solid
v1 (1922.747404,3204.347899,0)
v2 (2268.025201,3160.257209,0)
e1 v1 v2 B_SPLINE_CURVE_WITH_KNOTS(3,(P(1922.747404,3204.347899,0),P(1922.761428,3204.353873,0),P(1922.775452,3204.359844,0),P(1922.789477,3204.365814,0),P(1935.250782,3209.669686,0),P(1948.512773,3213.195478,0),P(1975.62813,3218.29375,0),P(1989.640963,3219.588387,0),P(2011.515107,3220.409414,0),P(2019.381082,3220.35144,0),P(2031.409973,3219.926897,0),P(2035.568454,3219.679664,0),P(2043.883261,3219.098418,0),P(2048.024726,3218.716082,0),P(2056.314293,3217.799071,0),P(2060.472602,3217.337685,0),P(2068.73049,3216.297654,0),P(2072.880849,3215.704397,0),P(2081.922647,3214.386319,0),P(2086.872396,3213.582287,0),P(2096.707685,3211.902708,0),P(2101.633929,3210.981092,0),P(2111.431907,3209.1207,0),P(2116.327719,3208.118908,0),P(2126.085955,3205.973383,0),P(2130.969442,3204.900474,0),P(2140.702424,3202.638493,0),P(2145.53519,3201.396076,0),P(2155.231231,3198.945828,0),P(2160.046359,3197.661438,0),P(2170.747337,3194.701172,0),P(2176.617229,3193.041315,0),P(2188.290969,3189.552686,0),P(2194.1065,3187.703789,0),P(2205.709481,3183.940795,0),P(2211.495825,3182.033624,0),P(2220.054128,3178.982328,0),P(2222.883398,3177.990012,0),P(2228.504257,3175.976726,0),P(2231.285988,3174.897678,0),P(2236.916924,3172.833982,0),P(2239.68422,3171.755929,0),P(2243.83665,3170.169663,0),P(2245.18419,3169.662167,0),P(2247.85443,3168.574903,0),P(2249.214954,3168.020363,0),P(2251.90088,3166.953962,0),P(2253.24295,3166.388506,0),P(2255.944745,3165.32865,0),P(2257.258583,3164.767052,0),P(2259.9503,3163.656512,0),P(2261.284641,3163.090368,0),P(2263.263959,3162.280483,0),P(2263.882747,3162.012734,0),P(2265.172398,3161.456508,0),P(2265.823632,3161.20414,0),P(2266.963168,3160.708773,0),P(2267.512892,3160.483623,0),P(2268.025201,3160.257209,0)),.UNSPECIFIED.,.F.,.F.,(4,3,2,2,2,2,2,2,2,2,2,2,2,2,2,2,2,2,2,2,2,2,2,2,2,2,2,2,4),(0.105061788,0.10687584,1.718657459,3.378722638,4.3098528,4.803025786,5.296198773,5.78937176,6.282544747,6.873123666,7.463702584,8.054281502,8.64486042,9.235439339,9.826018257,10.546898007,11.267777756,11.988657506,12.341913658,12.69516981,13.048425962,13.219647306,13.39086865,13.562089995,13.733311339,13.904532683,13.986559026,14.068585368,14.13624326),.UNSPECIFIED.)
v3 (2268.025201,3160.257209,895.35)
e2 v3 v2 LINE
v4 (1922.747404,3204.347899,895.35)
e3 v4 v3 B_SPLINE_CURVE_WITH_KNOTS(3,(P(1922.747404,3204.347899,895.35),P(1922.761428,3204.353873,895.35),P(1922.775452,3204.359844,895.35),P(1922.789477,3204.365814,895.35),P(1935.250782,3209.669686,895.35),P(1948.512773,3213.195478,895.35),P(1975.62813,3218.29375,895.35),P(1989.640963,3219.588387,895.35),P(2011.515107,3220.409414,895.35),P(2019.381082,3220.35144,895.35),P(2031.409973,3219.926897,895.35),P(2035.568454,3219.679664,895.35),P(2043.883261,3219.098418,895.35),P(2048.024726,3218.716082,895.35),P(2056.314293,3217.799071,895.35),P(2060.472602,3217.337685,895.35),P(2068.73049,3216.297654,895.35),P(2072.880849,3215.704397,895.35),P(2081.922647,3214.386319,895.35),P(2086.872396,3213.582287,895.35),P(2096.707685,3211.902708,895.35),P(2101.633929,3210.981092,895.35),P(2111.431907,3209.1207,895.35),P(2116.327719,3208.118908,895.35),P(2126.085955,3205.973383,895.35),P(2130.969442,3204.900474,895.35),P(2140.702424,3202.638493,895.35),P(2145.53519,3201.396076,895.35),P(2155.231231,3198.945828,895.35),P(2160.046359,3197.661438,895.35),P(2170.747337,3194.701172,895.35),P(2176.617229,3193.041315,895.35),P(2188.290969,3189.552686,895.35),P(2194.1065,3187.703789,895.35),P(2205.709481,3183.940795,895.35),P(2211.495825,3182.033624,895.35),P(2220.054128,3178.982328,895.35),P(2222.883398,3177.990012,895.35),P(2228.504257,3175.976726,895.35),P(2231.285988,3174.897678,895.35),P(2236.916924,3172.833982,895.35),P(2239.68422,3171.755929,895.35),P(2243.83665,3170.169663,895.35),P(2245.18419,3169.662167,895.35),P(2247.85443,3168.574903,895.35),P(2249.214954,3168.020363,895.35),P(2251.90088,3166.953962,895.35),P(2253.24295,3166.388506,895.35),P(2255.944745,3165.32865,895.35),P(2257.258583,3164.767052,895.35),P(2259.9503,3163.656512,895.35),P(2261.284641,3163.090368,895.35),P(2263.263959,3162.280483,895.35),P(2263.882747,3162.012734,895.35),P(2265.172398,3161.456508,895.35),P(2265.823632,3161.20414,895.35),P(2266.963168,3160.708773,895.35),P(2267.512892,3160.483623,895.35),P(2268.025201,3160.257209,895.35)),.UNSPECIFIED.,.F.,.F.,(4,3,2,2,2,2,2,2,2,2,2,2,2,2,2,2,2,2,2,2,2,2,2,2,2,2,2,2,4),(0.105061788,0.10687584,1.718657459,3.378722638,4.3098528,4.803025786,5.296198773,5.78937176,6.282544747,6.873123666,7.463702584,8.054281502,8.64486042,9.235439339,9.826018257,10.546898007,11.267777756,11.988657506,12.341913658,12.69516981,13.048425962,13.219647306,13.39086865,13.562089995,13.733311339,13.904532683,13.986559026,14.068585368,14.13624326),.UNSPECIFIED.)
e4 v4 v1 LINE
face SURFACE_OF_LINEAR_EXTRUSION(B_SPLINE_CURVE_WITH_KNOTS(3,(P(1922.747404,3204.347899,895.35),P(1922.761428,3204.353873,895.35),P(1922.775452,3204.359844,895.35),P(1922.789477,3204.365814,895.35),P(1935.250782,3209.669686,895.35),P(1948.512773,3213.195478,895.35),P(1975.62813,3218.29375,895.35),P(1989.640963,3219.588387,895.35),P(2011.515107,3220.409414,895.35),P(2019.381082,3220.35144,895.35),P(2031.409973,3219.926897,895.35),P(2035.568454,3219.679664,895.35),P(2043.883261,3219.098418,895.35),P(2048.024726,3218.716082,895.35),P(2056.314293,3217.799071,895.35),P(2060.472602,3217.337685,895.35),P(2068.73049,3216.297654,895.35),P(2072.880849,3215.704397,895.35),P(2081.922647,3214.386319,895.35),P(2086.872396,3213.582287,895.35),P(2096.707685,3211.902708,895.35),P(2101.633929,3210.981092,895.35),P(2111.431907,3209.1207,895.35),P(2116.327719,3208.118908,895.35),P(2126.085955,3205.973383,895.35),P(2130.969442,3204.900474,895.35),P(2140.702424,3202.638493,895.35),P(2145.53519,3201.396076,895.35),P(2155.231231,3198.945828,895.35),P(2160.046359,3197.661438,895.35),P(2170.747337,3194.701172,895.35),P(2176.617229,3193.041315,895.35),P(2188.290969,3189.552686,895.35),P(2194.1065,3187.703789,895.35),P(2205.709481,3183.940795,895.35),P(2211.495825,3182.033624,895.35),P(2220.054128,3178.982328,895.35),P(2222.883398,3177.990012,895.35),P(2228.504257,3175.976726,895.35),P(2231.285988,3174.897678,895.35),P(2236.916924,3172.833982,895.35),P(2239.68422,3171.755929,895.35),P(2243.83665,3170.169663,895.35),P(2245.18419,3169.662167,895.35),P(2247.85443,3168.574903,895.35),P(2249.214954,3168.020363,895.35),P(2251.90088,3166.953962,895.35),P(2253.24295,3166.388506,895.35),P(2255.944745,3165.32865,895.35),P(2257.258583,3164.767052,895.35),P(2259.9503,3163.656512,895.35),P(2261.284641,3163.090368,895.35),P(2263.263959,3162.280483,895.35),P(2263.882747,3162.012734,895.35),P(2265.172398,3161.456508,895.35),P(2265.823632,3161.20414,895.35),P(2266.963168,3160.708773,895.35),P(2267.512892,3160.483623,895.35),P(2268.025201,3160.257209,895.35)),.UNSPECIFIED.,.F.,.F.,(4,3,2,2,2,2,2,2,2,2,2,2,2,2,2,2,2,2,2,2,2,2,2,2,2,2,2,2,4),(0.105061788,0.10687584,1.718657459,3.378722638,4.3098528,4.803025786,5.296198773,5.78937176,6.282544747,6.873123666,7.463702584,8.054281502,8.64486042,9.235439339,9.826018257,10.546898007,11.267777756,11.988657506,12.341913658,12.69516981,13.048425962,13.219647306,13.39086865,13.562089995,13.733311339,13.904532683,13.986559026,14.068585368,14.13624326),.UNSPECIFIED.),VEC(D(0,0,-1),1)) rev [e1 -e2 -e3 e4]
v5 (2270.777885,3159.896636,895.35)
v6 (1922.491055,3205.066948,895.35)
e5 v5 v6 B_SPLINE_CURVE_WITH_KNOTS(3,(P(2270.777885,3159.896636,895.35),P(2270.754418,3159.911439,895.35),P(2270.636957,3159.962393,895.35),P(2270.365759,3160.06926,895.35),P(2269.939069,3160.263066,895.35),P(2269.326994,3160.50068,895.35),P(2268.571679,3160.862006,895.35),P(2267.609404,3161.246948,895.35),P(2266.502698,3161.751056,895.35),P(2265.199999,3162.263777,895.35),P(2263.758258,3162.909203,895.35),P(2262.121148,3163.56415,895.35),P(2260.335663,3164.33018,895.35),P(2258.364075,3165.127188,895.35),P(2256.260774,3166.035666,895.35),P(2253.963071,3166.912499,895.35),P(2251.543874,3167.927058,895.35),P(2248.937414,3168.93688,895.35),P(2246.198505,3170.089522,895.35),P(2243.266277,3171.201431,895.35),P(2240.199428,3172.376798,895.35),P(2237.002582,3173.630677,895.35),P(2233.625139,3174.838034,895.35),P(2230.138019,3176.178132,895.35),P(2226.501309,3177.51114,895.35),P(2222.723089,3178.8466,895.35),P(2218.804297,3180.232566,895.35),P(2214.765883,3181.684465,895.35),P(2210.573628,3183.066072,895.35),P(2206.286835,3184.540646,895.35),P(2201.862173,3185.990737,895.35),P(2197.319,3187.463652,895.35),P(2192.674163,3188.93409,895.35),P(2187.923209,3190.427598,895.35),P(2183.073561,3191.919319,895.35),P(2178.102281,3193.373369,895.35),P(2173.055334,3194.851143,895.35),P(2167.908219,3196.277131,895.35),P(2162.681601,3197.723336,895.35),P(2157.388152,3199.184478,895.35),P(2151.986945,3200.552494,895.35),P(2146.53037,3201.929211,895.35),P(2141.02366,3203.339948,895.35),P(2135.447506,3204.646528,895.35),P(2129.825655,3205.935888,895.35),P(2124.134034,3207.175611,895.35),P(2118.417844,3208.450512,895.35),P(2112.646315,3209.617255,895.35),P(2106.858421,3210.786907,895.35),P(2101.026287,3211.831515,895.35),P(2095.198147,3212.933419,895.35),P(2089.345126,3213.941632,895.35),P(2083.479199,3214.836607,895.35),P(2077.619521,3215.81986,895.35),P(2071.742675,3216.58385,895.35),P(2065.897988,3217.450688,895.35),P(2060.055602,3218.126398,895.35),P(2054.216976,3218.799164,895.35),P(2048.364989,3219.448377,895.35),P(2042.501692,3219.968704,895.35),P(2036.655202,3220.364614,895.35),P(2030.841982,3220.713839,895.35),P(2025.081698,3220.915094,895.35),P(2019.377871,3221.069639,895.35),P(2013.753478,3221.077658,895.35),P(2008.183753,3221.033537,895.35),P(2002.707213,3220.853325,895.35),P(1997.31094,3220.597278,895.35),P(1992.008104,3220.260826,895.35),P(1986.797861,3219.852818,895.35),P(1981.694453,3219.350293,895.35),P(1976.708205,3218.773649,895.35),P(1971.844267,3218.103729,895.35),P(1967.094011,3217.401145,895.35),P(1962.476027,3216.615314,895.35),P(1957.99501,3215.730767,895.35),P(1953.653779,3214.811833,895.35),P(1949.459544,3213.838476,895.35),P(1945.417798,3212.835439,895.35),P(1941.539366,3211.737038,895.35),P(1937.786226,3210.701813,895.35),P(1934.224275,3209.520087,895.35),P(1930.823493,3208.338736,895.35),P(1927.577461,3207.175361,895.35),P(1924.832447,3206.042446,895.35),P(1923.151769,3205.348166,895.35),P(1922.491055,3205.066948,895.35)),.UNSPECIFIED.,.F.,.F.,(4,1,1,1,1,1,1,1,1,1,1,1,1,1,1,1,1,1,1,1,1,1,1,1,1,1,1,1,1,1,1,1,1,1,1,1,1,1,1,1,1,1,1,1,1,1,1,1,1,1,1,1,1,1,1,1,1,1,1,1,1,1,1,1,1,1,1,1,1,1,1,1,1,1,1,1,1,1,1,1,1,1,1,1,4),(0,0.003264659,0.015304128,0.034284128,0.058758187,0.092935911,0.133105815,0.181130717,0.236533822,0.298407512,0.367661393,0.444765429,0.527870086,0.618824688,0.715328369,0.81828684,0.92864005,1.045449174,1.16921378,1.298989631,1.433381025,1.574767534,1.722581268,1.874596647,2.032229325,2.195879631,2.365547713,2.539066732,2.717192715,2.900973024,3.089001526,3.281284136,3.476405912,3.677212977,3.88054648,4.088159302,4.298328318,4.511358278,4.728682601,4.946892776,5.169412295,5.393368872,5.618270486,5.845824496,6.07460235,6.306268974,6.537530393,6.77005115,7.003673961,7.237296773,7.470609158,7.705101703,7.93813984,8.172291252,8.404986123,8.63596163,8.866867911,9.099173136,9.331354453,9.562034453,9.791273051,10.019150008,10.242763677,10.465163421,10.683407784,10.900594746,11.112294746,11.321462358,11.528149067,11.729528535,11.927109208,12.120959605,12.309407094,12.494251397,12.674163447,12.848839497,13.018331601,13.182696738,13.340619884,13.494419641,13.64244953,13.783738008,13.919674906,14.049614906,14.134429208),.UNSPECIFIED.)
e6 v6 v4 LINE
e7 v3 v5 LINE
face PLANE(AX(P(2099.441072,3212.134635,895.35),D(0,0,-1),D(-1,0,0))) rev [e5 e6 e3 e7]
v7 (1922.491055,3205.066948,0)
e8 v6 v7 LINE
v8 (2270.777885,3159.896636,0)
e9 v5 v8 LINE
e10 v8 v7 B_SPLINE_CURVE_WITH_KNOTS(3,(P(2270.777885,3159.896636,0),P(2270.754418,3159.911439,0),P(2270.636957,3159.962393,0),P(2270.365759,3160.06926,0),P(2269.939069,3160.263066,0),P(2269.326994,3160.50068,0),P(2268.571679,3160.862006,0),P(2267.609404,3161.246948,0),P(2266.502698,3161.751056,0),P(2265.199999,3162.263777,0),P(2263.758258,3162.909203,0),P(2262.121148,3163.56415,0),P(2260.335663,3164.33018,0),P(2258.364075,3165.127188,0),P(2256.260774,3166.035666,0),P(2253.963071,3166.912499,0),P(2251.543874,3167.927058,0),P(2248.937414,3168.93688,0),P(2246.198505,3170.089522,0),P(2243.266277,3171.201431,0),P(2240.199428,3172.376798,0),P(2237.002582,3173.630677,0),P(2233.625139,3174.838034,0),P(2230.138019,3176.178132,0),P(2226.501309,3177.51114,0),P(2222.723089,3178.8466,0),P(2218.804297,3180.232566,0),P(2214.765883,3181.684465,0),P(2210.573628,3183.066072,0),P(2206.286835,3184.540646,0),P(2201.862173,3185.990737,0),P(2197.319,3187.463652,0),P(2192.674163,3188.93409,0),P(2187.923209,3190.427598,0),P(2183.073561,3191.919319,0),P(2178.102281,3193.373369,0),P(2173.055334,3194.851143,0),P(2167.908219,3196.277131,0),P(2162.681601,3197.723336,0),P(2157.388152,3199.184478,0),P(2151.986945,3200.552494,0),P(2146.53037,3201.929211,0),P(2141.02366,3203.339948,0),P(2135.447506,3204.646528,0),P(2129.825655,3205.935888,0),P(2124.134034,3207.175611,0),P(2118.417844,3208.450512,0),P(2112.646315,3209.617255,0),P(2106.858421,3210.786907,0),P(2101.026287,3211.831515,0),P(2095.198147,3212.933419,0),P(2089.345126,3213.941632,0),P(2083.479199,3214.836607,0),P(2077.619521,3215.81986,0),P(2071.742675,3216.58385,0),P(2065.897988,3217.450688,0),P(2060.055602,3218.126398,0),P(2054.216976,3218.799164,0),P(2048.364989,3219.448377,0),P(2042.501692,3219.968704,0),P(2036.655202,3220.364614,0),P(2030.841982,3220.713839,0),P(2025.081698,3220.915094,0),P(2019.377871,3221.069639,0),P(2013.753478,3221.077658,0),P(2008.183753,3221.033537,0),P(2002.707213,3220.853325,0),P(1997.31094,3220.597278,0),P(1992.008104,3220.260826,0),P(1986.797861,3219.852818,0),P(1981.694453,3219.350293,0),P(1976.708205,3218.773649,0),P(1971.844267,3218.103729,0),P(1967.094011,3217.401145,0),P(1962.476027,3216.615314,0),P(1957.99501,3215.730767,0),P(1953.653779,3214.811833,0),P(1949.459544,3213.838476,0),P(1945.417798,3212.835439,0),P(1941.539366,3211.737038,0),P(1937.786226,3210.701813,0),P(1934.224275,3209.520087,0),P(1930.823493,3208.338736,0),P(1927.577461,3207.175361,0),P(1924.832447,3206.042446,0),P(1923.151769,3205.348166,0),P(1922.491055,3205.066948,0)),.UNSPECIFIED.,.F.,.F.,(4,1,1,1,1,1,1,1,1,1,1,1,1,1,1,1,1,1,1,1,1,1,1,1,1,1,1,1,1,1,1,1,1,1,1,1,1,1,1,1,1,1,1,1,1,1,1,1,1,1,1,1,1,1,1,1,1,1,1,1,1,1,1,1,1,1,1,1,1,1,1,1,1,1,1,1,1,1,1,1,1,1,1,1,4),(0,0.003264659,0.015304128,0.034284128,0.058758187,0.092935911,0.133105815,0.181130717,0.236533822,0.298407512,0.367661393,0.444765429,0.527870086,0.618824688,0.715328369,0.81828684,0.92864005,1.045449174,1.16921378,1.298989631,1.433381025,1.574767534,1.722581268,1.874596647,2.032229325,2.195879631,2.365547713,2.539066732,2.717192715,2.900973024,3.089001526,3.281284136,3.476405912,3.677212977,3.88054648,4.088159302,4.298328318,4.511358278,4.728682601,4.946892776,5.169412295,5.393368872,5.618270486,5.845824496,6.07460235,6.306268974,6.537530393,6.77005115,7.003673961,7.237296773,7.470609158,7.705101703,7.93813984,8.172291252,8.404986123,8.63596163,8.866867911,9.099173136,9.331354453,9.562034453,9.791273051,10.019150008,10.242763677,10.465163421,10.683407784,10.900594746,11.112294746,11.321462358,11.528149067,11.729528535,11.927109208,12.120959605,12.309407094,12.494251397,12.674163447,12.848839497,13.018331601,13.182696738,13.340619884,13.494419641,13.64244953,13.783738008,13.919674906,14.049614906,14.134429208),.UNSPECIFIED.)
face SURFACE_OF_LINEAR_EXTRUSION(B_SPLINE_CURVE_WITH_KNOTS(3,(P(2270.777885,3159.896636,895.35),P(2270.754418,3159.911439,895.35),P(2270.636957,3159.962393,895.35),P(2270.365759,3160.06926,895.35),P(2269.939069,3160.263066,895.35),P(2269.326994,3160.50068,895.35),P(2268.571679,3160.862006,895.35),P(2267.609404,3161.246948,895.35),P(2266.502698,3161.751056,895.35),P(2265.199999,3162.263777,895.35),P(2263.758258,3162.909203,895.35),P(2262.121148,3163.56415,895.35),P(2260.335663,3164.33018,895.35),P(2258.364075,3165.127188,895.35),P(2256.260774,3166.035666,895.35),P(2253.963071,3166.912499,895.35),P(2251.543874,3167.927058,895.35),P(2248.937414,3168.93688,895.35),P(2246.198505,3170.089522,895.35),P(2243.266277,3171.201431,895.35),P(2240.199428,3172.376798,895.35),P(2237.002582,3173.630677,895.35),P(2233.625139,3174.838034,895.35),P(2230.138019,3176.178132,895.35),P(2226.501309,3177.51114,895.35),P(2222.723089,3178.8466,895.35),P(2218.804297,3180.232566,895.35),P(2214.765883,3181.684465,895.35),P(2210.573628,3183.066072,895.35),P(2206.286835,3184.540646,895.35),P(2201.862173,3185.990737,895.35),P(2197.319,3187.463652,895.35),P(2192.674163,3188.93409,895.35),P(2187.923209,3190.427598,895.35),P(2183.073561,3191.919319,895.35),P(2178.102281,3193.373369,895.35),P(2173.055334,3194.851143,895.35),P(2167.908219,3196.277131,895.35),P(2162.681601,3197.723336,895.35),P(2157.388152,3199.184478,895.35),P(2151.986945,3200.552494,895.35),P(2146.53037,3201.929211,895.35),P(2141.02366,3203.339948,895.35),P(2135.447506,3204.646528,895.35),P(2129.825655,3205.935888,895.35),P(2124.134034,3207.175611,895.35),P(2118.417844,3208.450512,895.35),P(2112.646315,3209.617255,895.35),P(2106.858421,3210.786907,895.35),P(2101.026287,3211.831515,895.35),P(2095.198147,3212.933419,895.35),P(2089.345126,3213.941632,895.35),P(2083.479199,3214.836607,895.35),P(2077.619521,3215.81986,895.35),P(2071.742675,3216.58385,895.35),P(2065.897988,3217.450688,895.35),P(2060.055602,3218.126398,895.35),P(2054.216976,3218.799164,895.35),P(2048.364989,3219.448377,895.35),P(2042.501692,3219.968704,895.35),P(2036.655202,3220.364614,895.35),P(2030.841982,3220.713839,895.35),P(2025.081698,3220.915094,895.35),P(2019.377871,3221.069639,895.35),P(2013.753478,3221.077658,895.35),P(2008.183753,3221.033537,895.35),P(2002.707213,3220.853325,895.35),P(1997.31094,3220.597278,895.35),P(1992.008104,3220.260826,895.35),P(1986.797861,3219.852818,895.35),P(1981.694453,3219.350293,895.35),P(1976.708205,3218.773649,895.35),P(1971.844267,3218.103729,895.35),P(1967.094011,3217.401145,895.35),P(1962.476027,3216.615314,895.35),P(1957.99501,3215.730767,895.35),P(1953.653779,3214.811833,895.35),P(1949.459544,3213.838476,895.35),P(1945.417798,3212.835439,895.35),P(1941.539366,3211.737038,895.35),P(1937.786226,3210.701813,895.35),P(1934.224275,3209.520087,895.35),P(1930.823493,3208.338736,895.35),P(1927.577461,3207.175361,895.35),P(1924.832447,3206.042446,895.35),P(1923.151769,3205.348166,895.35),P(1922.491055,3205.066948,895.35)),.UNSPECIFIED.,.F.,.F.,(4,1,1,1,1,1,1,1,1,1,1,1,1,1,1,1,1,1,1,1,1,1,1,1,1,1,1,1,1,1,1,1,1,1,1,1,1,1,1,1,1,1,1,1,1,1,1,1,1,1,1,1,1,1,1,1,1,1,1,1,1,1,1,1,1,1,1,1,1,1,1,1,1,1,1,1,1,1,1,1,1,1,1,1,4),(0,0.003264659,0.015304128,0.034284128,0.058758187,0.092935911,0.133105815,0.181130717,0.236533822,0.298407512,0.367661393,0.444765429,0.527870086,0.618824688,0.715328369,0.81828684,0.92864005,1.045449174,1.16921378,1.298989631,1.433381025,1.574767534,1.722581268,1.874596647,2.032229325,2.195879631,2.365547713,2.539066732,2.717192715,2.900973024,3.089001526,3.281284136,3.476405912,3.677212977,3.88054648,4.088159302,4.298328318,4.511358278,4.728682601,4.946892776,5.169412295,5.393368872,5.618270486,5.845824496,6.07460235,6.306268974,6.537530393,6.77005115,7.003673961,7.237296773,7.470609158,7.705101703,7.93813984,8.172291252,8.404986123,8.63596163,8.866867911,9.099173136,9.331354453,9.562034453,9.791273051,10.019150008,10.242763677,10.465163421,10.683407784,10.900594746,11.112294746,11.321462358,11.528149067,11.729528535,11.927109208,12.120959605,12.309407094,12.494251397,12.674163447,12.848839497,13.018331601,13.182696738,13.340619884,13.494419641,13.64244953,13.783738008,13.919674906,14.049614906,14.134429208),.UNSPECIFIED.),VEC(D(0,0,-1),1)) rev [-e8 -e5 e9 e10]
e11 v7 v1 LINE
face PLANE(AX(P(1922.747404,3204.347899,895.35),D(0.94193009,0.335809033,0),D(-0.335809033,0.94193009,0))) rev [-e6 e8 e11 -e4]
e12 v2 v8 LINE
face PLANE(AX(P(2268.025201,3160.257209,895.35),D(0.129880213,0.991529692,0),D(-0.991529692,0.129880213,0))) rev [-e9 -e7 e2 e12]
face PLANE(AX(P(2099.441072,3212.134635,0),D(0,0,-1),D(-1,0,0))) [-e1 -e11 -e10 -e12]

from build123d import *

# Parameters (mm, degrees)
BOSS_EXTRUDE1_DEPTH = 895.35


with BuildPart() as part:
    # Sketch1 → Boss-Extrude1 (new body)
    with BuildSketch(Plane.XY):
        with BuildLine():
            Line((1922.747404436, 3204.34789867), (1922.491055138, 3205.066947575))
            add(Edge.make_bspline(
                [(2270.77788467, 3159.896636166), (2270.75441769, 3159.911438559), (2270.636956566, 3159.96239267), (2270.365758628, 3160.069260164), (2269.9390685, 3160.263066408), (2269.326994037, 3160.500679536), (2268.571678874, 3160.862006068), (2267.609403683, 3161.246948178), (2266.502697643, 3161.7510558), (2265.199998994, 3162.263777052), (2263.758257646, 3162.909203391), (2262.121148449, 3163.56415045), (2260.335663435, 3164.330180408), (2258.364075089, 3165.127187939), (2256.260773505, 3166.035665928), (2253.963070669, 3166.912498705), (2251.54387421, 3167.927057581), (2248.937413573, 3168.936879873), (2246.19850546, 3170.089522012), (2243.266276854, 3171.201431104), (2240.199428489, 3172.376797798), (2237.002582412, 3173.630676685), (2233.625139232, 3174.838033589), (2230.13801904, 3176.178132259), (2226.50130882, 3177.511139969), (2222.723089138, 3178.846600297), (2218.804297413, 3180.232565804), (2214.765883399, 3181.684465226), (2210.573627804, 3183.066072392), (2206.286835148, 3184.540645895), (2201.862173415, 3185.990737499), (2197.31900002, 3187.463651633), (2192.674162708, 3188.934089627), (2187.923208653, 3190.4275983), (2183.073560647, 3191.919319434), (2178.102280878, 3193.373369431), (2173.055334375, 3194.851143258), (2167.908219033, 3196.27713073), (2162.681600539, 3197.723335551), (2157.388152391, 3199.184477504), (2151.986945432, 3200.552493603), (2146.530369861, 3201.929210939), (2141.023660126, 3203.339947561), (2135.447506321, 3204.646528141), (2129.825654619, 3205.935887744), (2124.134033748, 3207.175611417), (2118.417844004, 3208.450512256), (2112.646315414, 3209.617255464), (2106.858420898, 3210.786907026), (2101.026287418, 3211.831514671), (2095.198146734, 3212.933419373), (2089.345125675, 3213.94163165), (2083.479198618, 3214.836607078), (2077.619521137, 3215.819859622), (2071.742674986, 3216.583849905), (2065.89798829, 3217.450687566), (2060.055602465, 3218.126397882), (2054.216975829, 3218.799164119), (2048.364988519, 3219.448376938), (2042.501692376, 3219.968704421), (2036.655202392, 3220.364613924), (2030.841981883, 3220.713839071), (2025.081697786, 3220.91509423), (2019.3778707, 3221.069638567), (2013.753478196, 3221.07765753), (2008.183752848, 3221.033537028), (2002.707213115, 3220.85332481), (1997.310940322, 3220.597278132), (1992.008104186, 3220.260826383), (1986.797861054, 3219.852817682), (1981.694452831, 3219.350292595), (1976.708204622, 3218.773648921), (1971.844266562, 3218.103729377), (1967.094011039, 3217.401145232), (1962.476026682, 3216.615314191), (1957.995010392, 3215.730766723), (1953.653778705, 3214.811833009), (1949.45954354, 3213.838476011), (1945.417798034, 3212.835438723), (1941.53936578, 3211.737037925), (1937.786225658, 3210.701813129), (1934.224275186, 3209.52008652), (1930.823493137, 3208.338736032), (1927.577460883, 3207.175361303), (1924.832447032, 3206.042445978), (1923.151769306, 3205.348165568), (1922.491055138, 3205.066947575)],
                knots=[0, 0, 0, 0, 0.003264659, 0.015304128, 0.034284128, 0.058758187, 0.092935911, 0.133105815, 0.181130717, 0.236533822, 0.298407512, 0.367661393, 0.444765429, 0.527870086, 0.618824688, 0.715328369, 0.81828684, 0.92864005, 1.045449174, 1.16921378, 1.298989631, 1.433381025, 1.574767534, 1.722581268, 1.874596647, 2.032229325, 2.195879631, 2.365547713, 2.539066732, 2.717192715, 2.900973024, 3.089001526, 3.281284136, 3.476405912, 3.677212977, 3.88054648, 4.088159302, 4.298328318, 4.511358278, 4.728682601, 4.946892776, 5.169412295, 5.393368872, 5.618270486, 5.845824496, 6.07460235, 6.306268974, 6.537530393, 6.77005115, 7.003673961, 7.237296773, 7.470609158, 7.705101703, 7.93813984, 8.172291252, 8.404986123, 8.63596163, 8.866867911, 9.099173136, 9.331354453, 9.562034453, 9.791273051, 10.019150008, 10.242763677, 10.465163421, 10.683407784, 10.900594746, 11.112294746, 11.321462358, 11.528149067, 11.729528535, 11.927109208, 12.120959605, 12.309407094, 12.494251397, 12.674163447, 12.848839497, 13.018331601, 13.182696738, 13.340619884, 13.494419641, 13.64244953, 13.783738008, 13.919674906, 14.049614906, 14.134429208, 14.134429208, 14.134429208, 14.134429208], degree=3))
            Line((2270.77788467, 3159.896636166), (2268.025201292, 3160.257209437))
            add(Edge.make_bspline(
                [(2268.025201292, 3160.257209437), (2267.512891672, 3160.483623228), (2266.963168495, 3160.708772836), (2265.823632187, 3161.204140196), (2265.17239828, 3161.456507564), (2263.882746678, 3162.012733754), (2263.263958712, 3162.280482959), (2261.284641105, 3163.090368213), (2259.950300306, 3163.656512114), (2257.258583453, 3164.767051883), (2255.944744928, 3165.328649537), (2253.242950329, 3166.388505955), (2251.900880051, 3166.953961544), (2249.214953829, 3168.020363319), (2247.854429692, 3168.574903472), (2245.184189789, 3169.662166584), (2243.836650438, 3170.169663282), (2239.684219999, 3171.755929486), (2236.916923612, 3172.833982345), (2231.285987553, 3174.897677952), (2228.504256584, 3175.976725628), (2222.88339779, 3177.990012229), (2220.054128143, 3178.982328309), (2211.495825188, 3182.033623644), (2205.709480757, 3183.940794543), (2194.106500319, 3187.703788589), (2188.290969077, 3189.552686331), (2176.617229485, 3193.041315023), (2170.74733688, 3194.701172294), (2160.046359368, 3197.661438383), (2155.231231261, 3198.94582805), (2145.535189561, 3201.396076204), (2140.702423782, 3202.638492988), (2130.969441925, 3204.900474042), (2126.085955186, 3205.9733828), (2116.327719141, 3208.118908297), (2111.43190678, 3209.120700448), (2101.633928691, 3210.981091523), (2096.707685449, 3211.902708018), (2086.872395933, 3213.582286656), (2081.922646753, 3214.386319438), (2072.880848724, 3215.704397122), (2068.730490134, 3216.297653536), (2060.472602017, 3217.33768525), (2056.314293276, 3217.799071214), (2048.024725921, 3218.716081538), (2043.883260858, 3219.09841811), (2035.568453506, 3219.679664478), (2031.409973059, 3219.926896814), (2019.381081796, 3220.351440368), (2011.515106806, 3220.40941425), (1989.640962803, 3219.588386684), (1975.628129964, 3218.293749774), (1948.512773217, 3213.195478423), (1935.250781773, 3209.669685543), (1922.789476802, 3204.365813843), (1922.775451669, 3204.359844363), (1922.761427551, 3204.353872631), (1922.747404436, 3204.34789867)],
                knots=[0.105061788, 0.105061788, 0.105061788, 0.105061788, 0.17271968, 0.17271968, 0.254746022, 0.254746022, 0.336772365, 0.336772365, 0.507993709, 0.507993709, 0.679215053, 0.679215053, 0.850436398, 0.850436398, 1.021657742, 1.021657742, 1.192879086, 1.192879086, 1.546135238, 1.546135238, 1.89939139, 1.89939139, 2.252647542, 2.252647542, 2.973527292, 2.973527292, 3.694407042, 3.694407042, 4.415286791, 4.415286791, 5.005865709, 5.005865709, 5.596444628, 5.596444628, 6.187023546, 6.187023546, 6.777602464, 6.777602464, 7.368181383, 7.368181383, 7.958760301, 7.958760301, 8.451933288, 8.451933288, 8.945106275, 8.945106275, 9.438279262, 9.438279262, 9.931452248, 9.931452248, 10.86258241, 10.86258241, 12.522647589, 12.522647589, 14.134429208, 14.134429208, 14.134429208, 14.13624326, 14.13624326, 14.13624326, 14.13624326], degree=3))
        make_face()
    extrude(amount=BOSS_EXTRUDE1_DEPTH)


solid = part.part
